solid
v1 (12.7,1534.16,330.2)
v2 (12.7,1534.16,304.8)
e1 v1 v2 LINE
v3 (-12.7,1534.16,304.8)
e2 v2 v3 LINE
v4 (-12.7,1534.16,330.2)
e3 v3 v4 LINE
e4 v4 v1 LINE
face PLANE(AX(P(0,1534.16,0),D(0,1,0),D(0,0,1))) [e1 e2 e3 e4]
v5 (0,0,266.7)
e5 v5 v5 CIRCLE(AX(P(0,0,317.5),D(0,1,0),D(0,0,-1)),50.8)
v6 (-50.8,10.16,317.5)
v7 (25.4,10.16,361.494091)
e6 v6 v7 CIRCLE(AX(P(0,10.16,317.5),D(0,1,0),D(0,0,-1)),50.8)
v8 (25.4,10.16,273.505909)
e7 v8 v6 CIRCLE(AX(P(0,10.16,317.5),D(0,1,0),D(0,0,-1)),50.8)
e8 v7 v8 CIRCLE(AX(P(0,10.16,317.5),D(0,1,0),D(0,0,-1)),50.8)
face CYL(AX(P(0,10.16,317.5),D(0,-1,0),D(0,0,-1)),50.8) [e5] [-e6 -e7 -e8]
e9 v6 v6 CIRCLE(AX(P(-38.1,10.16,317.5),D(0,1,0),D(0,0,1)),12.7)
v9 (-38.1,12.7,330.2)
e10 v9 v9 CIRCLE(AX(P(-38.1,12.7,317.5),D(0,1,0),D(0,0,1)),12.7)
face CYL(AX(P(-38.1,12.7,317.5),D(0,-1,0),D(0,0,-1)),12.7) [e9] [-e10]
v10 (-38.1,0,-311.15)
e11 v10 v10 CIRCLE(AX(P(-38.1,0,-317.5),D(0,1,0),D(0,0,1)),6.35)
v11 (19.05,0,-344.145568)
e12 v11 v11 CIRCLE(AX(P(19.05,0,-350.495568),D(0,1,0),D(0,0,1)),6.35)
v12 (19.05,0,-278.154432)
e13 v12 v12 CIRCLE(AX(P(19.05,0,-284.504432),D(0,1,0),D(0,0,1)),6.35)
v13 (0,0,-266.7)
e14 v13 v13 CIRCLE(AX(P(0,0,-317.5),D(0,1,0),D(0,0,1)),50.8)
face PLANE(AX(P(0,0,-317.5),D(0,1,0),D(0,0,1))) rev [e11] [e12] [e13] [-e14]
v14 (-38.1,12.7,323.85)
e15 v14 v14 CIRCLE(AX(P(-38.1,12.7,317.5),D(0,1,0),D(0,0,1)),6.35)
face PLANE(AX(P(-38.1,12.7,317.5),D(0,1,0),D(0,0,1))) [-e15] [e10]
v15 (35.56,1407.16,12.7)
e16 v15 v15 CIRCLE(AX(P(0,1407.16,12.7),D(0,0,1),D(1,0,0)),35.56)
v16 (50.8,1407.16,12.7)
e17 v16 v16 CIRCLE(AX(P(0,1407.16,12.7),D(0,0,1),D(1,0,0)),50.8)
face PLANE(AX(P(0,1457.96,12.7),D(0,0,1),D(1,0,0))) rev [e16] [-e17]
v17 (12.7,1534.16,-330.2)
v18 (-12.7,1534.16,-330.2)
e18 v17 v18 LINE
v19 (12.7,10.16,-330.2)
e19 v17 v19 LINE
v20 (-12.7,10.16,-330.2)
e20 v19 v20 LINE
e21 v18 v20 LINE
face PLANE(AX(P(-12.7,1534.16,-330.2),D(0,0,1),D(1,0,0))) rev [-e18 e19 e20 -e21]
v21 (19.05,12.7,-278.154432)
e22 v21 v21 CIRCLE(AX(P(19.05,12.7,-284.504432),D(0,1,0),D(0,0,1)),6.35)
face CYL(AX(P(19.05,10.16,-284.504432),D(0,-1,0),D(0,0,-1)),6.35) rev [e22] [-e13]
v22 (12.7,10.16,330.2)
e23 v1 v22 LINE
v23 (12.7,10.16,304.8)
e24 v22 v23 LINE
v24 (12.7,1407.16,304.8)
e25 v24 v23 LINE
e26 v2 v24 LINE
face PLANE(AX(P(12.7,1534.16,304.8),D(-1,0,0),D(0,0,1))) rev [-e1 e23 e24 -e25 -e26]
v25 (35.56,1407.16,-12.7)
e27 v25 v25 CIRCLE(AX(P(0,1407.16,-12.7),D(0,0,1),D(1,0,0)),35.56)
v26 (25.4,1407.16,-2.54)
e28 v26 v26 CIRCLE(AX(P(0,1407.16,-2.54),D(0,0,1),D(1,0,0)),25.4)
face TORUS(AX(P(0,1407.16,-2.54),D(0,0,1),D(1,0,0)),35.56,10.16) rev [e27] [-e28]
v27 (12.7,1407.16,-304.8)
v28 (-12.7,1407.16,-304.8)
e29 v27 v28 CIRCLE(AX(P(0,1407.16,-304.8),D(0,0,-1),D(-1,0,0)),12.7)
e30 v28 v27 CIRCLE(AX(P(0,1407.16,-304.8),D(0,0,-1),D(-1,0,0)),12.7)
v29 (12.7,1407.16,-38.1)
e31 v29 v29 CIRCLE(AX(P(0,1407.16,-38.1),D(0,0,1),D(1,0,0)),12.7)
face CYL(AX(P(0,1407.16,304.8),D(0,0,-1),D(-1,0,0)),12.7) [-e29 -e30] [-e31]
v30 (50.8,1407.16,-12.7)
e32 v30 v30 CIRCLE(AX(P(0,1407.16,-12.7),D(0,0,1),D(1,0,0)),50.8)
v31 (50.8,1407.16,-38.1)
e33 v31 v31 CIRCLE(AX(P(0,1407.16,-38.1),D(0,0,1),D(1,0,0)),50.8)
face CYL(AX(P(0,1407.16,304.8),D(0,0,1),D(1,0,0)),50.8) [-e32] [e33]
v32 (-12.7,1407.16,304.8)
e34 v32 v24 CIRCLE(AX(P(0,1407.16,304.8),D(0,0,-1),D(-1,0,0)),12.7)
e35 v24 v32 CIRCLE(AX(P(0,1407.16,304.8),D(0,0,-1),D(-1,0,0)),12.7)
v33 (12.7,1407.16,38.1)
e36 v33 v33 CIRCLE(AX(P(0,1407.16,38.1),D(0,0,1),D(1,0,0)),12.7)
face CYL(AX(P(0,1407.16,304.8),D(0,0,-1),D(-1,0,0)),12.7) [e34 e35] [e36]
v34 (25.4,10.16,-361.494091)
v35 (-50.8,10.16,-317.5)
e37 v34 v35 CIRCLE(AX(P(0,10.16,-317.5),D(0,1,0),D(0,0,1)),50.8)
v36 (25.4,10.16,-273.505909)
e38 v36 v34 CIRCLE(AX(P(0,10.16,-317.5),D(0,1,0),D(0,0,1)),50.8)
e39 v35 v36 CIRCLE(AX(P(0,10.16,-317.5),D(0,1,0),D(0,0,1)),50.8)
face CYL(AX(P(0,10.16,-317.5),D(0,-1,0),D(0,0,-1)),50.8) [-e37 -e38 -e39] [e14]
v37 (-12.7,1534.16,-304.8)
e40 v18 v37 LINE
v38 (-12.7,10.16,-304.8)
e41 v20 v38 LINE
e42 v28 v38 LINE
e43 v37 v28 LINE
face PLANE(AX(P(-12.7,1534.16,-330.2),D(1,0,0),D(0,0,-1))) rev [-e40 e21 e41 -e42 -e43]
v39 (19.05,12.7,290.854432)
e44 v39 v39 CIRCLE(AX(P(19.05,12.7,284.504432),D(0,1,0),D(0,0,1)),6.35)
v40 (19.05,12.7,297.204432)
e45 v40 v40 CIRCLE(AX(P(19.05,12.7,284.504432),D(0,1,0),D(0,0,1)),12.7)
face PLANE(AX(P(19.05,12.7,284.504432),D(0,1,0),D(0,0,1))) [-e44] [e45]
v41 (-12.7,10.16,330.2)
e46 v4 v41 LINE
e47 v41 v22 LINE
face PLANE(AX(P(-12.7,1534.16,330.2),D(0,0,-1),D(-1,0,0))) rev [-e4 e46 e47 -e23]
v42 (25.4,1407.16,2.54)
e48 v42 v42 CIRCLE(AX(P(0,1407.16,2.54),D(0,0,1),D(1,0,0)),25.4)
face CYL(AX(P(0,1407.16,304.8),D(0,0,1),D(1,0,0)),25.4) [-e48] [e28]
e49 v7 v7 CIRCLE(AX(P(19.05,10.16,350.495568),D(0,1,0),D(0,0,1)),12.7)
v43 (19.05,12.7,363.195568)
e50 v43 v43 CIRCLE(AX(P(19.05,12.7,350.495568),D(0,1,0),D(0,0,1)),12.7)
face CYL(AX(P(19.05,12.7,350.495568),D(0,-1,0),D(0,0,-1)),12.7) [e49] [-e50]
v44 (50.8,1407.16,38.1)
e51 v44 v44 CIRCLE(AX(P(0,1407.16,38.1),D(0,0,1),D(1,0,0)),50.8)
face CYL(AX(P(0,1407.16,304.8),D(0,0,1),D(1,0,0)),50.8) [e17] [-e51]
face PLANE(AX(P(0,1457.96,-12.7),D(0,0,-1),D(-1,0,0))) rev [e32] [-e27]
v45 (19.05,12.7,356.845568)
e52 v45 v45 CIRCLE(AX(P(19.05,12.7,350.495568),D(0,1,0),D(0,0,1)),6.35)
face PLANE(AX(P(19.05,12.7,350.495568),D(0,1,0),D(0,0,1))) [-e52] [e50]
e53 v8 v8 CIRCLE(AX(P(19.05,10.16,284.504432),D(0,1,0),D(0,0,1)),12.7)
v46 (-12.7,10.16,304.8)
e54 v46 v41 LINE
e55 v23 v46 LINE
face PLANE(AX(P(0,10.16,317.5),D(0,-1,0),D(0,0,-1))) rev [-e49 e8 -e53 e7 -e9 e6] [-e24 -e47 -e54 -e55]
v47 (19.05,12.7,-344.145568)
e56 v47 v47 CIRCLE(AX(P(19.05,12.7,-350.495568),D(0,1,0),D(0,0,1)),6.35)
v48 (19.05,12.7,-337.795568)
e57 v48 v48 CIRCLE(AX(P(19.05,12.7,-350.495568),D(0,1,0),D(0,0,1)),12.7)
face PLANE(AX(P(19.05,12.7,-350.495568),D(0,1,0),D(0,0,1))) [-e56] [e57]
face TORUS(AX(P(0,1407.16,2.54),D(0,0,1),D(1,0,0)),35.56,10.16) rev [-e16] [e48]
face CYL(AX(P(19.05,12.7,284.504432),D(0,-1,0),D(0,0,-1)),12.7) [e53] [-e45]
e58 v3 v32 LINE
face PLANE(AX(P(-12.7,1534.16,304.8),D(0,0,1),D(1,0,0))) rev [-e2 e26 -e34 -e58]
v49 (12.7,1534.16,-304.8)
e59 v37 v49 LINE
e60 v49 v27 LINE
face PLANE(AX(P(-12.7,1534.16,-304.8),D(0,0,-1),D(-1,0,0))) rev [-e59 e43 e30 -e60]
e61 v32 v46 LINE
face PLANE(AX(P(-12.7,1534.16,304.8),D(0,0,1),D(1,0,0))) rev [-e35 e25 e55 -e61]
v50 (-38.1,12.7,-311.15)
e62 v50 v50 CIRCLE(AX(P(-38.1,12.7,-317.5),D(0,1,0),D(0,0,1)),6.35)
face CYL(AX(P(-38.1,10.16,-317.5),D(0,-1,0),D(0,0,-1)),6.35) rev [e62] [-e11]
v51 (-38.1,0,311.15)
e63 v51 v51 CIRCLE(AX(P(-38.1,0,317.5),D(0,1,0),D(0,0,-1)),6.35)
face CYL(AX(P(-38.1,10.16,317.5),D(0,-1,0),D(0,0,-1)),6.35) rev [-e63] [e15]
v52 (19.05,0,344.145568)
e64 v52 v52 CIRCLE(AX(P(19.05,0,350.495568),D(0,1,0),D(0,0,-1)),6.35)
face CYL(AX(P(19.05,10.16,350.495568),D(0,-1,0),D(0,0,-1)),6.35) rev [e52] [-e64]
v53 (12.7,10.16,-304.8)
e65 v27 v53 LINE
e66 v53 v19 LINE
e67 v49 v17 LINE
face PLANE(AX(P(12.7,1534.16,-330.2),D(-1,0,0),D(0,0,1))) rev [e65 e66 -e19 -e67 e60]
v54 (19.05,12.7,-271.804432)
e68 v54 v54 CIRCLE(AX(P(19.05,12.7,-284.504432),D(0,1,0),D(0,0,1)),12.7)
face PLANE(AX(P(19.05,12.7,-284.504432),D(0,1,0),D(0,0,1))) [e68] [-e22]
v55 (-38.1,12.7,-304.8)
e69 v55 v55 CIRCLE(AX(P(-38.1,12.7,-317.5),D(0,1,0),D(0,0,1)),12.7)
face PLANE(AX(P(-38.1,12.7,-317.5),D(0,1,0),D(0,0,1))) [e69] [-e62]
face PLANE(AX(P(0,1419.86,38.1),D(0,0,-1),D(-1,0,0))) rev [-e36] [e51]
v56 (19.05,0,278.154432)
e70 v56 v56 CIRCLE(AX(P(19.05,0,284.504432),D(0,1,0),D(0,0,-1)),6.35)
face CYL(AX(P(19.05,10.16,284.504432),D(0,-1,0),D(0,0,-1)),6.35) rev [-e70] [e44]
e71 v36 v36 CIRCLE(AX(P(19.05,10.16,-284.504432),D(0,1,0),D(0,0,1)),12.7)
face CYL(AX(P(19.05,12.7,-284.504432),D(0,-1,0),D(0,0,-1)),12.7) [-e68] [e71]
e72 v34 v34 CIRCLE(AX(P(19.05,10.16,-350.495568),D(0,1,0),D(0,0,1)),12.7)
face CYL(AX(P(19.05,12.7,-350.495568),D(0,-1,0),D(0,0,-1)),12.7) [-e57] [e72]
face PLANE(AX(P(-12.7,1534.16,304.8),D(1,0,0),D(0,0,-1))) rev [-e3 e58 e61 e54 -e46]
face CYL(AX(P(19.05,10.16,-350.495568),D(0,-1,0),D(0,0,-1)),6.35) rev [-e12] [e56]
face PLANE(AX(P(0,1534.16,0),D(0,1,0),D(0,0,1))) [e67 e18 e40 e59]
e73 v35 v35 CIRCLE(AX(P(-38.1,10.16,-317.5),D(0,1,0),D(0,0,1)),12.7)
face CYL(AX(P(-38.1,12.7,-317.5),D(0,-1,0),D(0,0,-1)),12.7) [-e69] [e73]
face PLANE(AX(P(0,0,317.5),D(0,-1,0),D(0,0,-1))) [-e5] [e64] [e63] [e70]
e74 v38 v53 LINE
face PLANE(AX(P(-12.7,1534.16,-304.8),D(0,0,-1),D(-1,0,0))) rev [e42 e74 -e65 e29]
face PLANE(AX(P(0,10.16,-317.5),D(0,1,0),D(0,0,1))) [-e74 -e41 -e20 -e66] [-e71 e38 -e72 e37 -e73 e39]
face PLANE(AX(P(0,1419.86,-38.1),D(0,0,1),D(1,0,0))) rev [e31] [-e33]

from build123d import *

# Parameters (mm, degrees)
SKETCH1_R             = 50.8
SKETCH1_R_2           = 6.35
BOSS_EXTRUDE1_DEPTH   = 10.16
BOSS_EXTRUDE1_2_DEPTH = 10.16
SKETCH2_W             = 25.4
SKETCH2_H             = 25.4
BOSS_EXTRUDE2_DEPTH   = 1524
SKETCH3_R             = 12.7
SKETCH8_R             = 12.7
SKETCH8_R_2           = 6.35
BOSS_EXTRUDE3_DEPTH   = 2.54


with BuildPart() as part:
    # Sketch1 → Boss-Extrude1 (new body)
    with BuildSketch(Plane(origin=(0, 0, 0), x_dir=(1, 0, 0), z_dir=(0, 1, 0))):
        with Locations((0, 317.5)):
            Circle(SKETCH1_R)
        with Locations((-38.1, 317.5)):
            Circle(SKETCH1_R_2, mode=Mode.SUBTRACT)
        with Locations((19.05, 350.495567884)):
            Circle(SKETCH1_R_2, mode=Mode.SUBTRACT)
        with Locations((19.05, 284.504432116)):
            Circle(SKETCH1_R_2, mode=Mode.SUBTRACT)
    extrude(amount=BOSS_EXTRUDE1_DEPTH)



with BuildPart() as body_2:
    # Sketch1 → Boss-Extrude1 2 (new body)
    with BuildSketch(Plane(origin=(0, 0, 0), x_dir=(1, 0, 0), z_dir=(0, 1, 0))):
        with Locations((0, -317.5)):
            Circle(SKETCH1_R)
        with Locations((19.05, -284.504432116)):
            Circle(SKETCH1_R_2, mode=Mode.SUBTRACT)
        with Locations((19.05, -350.495567884)):
            Circle(SKETCH1_R_2, mode=Mode.SUBTRACT)
        with Locations((-38.1, -317.5)):
            Circle(SKETCH1_R_2, mode=Mode.SUBTRACT)
    extrude(amount=BOSS_EXTRUDE1_2_DEPTH)


with BuildPart() as part_1:
    add(part.part)

    add(body_2.part)  # Boss-Extrude2 merges body 2
    # Sketch2 → Boss-Extrude2 (add)
    with BuildSketch(Plane(origin=(0, 10.16, 0), x_dir=(1, 0, 0), z_dir=(0, 1, 0))):
        with Locations((0, 317.5)):
            Rectangle(SKETCH2_W, SKETCH2_H)
        with Locations((0, -317.5)):
            Rectangle(SKETCH2_W, SKETCH2_H)
    extrude(amount=BOSS_EXTRUDE2_DEPTH)

    # Sweep1: sweep along a path in Sketch5
    with BuildLine(Plane(origin=(0, 0, 0), x_dir=(0, 0, -1), z_dir=(1, 0, 0))) as sweep1_path:
        Line((-304.8, 1407.16), (304.8, 1407.16))
    # Sketch3 → Sweep1 (sweep)
    with BuildSketch(Plane(origin=(0, 0, 304.8), x_dir=(-1, 0, 0), z_dir=(0, 0, -1))):
        with Locations((0, 1407.16)):
            Circle(SKETCH3_R)
    sweep(path=sweep1_path.line)

    # Sketch7 → Revolve2 (revolve)
    with BuildSketch(Plane(origin=(0, 0, 0), x_dir=(0, 0, -1), z_dir=(1, 0, 0))):
        with BuildLine():
            Line((-38.1, 1419.86), (-38.1, 1457.96))
            Line((-38.1, 1457.96), (-12.7, 1457.96))
            Line((-12.7, 1457.96), (-12.7, 1442.72))
            ThreePointArc((-12.7, 1442.72), (-9.724204897, 1435.535795103), (-2.54, 1432.56))
            Line((-2.54, 1432.56), (2.54, 1432.56))
            ThreePointArc((2.54, 1432.56), (9.724204897, 1435.535795103), (12.7, 1442.72))
            Line((12.7, 1442.72), (12.7, 1457.96))
            Line((12.7, 1457.96), (38.1, 1457.96))
            Line((38.1, 1457.96), (38.1, 1419.86))
            Line((38.1, 1419.86), (-38.1, 1419.86))
        make_face()
    revolve(axis=Axis((0, 1407.16, 304.8), (0, 0, -1)))

    # Sketch8 → Boss-Extrude3 (add)
    with BuildSketch(Plane(origin=(0, 10.16, 0), x_dir=(1, 0, 0), z_dir=(0, 1, 0))):
        with Locations((-38.1, -317.5)):
            Circle(SKETCH8_R)
        with Locations((-38.1, -317.5)):
            Circle(SKETCH8_R_2, mode=Mode.SUBTRACT)
        with Locations((19.05, -284.504432116)):
            Circle(SKETCH8_R)
        with Locations((19.05, -284.504432116)):
            Circle(SKETCH8_R_2, mode=Mode.SUBTRACT)
        with Locations((19.05, -350.495567884)):
            Circle(SKETCH8_R)
        with Locations((19.05, -350.495567884)):
            Circle(SKETCH8_R_2, mode=Mode.SUBTRACT)
        with Locations((19.05, 350.495567884)):
            Circle(SKETCH8_R)
        with Locations((19.05, 350.495567884)):
            Circle(SKETCH8_R_2, mode=Mode.SUBTRACT)
        with Locations((19.05, 284.504432116)):
            Circle(SKETCH8_R)
        with Locations((19.05, 284.504432116)):
            Circle(SKETCH8_R_2, mode=Mode.SUBTRACT)
        with Locations((-38.1, 317.5)):
            Circle(SKETCH8_R)
        with Locations((-38.1, 317.5)):
            Circle(SKETCH8_R_2, mode=Mode.SUBTRACT)
    extrude(amount=BOSS_EXTRUDE3_DEPTH)


solid = part_1.part
